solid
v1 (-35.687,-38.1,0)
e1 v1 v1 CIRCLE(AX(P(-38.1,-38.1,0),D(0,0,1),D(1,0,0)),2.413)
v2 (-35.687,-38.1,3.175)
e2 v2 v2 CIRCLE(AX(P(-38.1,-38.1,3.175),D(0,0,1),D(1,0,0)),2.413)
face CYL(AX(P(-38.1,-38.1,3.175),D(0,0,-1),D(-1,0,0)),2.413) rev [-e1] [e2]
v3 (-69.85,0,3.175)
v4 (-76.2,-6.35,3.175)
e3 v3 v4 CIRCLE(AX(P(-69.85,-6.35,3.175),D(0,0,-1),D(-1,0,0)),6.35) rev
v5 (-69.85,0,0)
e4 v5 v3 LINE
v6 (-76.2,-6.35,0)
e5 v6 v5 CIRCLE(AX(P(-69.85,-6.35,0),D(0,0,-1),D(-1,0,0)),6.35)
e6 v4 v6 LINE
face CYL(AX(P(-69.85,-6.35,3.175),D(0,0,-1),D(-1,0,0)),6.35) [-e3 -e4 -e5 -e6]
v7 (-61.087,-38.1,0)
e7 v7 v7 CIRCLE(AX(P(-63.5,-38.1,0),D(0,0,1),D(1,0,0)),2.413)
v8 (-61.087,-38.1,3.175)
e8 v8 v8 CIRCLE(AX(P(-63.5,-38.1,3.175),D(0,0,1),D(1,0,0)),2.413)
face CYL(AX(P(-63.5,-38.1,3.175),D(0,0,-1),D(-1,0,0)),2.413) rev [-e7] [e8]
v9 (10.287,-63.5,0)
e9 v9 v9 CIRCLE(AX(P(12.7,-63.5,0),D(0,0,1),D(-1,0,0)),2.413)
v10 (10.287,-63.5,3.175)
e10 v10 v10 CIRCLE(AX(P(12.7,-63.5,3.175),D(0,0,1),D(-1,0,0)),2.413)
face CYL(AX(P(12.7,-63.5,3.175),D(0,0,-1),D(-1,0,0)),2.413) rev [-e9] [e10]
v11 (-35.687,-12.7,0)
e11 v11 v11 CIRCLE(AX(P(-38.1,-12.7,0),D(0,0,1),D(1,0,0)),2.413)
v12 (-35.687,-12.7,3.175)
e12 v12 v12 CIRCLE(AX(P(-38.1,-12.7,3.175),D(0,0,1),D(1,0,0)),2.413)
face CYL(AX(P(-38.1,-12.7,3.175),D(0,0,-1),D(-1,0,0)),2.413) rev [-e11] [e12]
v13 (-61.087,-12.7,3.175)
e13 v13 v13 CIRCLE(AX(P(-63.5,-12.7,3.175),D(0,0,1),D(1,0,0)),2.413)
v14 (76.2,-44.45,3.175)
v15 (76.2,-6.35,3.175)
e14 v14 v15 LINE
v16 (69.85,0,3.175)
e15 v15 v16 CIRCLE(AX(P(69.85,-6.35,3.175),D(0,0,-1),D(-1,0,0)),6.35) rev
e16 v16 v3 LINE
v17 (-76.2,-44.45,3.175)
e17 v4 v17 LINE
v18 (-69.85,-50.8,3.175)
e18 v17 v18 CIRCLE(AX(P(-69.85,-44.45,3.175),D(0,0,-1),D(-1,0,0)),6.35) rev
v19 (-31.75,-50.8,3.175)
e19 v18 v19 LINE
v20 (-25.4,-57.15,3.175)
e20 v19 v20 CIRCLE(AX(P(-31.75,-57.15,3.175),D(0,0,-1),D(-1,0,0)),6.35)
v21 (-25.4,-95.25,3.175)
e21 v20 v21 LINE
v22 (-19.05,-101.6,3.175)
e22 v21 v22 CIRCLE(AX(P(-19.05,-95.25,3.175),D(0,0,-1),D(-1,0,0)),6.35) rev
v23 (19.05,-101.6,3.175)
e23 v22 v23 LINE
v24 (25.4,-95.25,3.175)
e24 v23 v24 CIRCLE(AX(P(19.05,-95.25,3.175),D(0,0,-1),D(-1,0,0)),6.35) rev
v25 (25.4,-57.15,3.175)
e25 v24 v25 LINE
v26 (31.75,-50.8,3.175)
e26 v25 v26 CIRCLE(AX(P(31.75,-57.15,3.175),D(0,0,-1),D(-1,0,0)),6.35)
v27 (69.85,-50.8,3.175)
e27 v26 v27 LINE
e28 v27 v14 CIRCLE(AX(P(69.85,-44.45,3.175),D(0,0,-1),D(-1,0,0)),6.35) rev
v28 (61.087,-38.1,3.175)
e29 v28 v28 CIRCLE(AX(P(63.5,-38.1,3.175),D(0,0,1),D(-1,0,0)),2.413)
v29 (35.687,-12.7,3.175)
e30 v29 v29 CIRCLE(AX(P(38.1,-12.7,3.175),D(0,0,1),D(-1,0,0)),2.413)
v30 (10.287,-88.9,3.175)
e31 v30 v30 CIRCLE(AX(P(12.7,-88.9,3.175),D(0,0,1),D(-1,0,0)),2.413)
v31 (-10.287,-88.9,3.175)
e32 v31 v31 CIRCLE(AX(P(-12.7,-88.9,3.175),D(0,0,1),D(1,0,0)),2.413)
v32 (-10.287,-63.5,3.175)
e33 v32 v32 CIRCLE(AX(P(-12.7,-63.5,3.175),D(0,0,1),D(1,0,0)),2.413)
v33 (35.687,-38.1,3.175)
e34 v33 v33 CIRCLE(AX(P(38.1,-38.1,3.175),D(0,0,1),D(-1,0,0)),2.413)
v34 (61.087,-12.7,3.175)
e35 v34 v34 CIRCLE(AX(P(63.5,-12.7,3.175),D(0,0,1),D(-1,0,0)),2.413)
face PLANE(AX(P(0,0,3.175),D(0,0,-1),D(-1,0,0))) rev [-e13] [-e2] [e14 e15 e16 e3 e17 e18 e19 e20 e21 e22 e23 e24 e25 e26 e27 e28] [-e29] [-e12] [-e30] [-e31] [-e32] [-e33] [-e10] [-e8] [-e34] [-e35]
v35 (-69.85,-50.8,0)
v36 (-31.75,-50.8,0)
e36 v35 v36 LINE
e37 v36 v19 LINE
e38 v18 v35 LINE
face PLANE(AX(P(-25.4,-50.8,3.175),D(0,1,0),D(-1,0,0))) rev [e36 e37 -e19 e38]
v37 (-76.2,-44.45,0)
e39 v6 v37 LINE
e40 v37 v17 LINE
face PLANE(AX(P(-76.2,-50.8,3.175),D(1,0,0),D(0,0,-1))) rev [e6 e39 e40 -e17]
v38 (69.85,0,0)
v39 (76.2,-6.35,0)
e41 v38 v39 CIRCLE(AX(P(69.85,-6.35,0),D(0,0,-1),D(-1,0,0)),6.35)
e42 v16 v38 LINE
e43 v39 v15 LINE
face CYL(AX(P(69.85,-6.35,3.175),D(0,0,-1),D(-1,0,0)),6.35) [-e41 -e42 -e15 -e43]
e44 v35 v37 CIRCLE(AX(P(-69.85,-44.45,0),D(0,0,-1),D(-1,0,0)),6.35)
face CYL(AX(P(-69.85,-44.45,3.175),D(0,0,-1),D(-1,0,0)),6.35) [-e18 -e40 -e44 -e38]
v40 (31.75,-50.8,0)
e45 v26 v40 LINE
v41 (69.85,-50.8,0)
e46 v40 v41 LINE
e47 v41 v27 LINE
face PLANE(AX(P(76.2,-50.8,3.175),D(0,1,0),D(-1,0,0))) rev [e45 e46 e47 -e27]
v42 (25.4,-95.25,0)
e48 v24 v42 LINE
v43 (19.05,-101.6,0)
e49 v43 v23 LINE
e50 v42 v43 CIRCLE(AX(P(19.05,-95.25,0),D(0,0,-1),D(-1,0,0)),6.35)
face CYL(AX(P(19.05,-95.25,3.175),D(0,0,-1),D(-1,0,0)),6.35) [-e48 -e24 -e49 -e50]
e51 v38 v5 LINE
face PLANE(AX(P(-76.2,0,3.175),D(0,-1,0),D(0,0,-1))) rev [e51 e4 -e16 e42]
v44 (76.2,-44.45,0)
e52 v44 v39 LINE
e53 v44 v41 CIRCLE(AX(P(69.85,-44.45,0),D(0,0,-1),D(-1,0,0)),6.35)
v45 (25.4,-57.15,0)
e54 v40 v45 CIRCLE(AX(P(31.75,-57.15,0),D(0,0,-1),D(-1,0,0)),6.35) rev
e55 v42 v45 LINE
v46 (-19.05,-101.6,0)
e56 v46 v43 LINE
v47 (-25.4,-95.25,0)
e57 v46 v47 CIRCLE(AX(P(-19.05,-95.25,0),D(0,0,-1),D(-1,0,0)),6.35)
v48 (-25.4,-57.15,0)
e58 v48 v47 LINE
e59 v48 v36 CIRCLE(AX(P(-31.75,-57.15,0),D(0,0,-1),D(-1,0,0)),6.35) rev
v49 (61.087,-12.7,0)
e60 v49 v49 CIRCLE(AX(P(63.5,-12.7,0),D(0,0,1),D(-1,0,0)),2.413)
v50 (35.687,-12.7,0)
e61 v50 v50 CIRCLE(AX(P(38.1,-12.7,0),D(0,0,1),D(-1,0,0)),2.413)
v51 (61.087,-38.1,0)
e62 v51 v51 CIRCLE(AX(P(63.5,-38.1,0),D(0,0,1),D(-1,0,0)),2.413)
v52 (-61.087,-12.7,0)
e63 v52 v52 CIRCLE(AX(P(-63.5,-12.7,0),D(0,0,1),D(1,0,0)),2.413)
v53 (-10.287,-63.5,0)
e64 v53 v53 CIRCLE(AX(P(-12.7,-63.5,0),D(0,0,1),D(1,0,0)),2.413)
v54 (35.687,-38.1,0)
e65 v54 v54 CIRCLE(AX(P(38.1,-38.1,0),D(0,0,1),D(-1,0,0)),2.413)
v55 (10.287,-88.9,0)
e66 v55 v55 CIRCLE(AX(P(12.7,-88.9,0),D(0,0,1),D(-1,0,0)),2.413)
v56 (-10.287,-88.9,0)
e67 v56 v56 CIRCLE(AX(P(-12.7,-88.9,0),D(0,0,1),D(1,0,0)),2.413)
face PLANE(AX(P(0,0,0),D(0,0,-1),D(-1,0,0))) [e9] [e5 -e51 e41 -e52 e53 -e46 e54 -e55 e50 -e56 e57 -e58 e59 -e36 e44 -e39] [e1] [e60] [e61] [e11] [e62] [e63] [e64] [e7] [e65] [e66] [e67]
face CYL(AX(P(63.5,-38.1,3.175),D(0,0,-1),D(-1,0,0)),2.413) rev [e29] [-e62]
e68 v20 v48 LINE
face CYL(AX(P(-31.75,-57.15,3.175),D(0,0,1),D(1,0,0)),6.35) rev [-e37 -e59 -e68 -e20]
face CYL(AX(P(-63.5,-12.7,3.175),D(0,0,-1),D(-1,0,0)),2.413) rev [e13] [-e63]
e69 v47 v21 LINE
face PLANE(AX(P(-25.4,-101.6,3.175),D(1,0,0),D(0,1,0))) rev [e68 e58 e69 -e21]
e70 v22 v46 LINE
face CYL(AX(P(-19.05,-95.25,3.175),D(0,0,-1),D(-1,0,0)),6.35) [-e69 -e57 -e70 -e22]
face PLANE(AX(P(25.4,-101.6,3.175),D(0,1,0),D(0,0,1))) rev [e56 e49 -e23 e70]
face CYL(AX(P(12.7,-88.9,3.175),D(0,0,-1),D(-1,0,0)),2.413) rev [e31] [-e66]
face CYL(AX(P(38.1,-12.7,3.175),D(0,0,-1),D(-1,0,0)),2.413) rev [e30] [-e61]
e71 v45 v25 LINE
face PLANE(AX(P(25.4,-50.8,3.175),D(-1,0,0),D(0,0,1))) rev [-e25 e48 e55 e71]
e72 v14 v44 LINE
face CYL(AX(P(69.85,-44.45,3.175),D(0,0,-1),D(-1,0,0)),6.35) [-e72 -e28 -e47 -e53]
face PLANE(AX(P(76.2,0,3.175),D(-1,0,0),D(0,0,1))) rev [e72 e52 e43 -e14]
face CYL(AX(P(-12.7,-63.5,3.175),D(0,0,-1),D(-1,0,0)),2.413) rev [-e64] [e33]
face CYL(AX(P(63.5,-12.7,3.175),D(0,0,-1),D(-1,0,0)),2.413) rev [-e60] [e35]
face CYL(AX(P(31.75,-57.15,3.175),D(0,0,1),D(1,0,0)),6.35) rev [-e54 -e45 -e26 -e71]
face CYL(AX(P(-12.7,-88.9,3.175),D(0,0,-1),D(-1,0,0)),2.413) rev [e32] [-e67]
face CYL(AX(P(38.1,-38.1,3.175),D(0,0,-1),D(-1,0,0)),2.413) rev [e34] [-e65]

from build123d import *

# Parameters (mm, degrees)
SKETCH1_R           = 2.413
BOSS_EXTRUDE1_DEPTH = 3.175
FILLET1_R           = 6.35


with BuildPart() as part:
    # Sketch1 → Boss-Extrude1 (new body)
    with BuildSketch(Plane.XY):
        Polygon((-76.2, 0), (76.2, 0), (76.2, -50.8), (25.4, -50.8), (25.4, -101.6), (-25.4, -101.6), (-25.4, -50.8), (-76.2, -50.8), align=None)
        with Locations((-63.5, -12.7)):
            Circle(SKETCH1_R, mode=Mode.SUBTRACT)
        with Locations((-63.5, -38.1)):
            Circle(SKETCH1_R, mode=Mode.SUBTRACT)
        with Locations((-38.1, -12.7)):
            Circle(SKETCH1_R, mode=Mode.SUBTRACT)
        with Locations((-38.1, -38.1)):
            Circle(SKETCH1_R, mode=Mode.SUBTRACT)
        with Locations((-12.7, -88.9)):
            Circle(SKETCH1_R, mode=Mode.SUBTRACT)
        with Locations((-12.7, -63.5)):
            Circle(SKETCH1_R, mode=Mode.SUBTRACT)
        with Locations(Location((12.7, -88.9, 0), (0, 0, 180))):
            Circle(SKETCH1_R, mode=Mode.SUBTRACT)
        with Locations(Location((12.7, -63.5, 0), (0, 0, 180))):
            Circle(SKETCH1_R, mode=Mode.SUBTRACT)
        with Locations(Location((63.5, -38.1, 0), (0, 0, 180))):
            Circle(SKETCH1_R, mode=Mode.SUBTRACT)
        with Locations(Location((38.1, -38.1, 0), (0, 0, 180))):
            Circle(SKETCH1_R, mode=Mode.SUBTRACT)
        with Locations(Location((38.1, -12.7, 0), (0, 0, 180))):
            Circle(SKETCH1_R, mode=Mode.SUBTRACT)
        with Locations(Location((63.5, -12.7, 0), (0, 0, 180))):
            Circle(SKETCH1_R, mode=Mode.SUBTRACT)
    extrude(amount=BOSS_EXTRUDE1_DEPTH)

    # Fillet1
    fillet1_edges = [part.edges().sort_by_distance(p)[0] for p in [
        (25.4, -101.6, 1.5875),
        (-25.4, -101.6, 1.5875),
        (-25.4, -50.8, 1.5875),
        (-76.2, -50.8, 1.5875),
        (-76.2, 0, 1.5875),
        (76.2, 0, 1.5875),
        (76.2, -50.8, 1.5875),
        (25.4, -50.8, 1.5875),
    ]]
    fillet(fillet1_edges, radius=FILLET1_R)


solid = part.part
